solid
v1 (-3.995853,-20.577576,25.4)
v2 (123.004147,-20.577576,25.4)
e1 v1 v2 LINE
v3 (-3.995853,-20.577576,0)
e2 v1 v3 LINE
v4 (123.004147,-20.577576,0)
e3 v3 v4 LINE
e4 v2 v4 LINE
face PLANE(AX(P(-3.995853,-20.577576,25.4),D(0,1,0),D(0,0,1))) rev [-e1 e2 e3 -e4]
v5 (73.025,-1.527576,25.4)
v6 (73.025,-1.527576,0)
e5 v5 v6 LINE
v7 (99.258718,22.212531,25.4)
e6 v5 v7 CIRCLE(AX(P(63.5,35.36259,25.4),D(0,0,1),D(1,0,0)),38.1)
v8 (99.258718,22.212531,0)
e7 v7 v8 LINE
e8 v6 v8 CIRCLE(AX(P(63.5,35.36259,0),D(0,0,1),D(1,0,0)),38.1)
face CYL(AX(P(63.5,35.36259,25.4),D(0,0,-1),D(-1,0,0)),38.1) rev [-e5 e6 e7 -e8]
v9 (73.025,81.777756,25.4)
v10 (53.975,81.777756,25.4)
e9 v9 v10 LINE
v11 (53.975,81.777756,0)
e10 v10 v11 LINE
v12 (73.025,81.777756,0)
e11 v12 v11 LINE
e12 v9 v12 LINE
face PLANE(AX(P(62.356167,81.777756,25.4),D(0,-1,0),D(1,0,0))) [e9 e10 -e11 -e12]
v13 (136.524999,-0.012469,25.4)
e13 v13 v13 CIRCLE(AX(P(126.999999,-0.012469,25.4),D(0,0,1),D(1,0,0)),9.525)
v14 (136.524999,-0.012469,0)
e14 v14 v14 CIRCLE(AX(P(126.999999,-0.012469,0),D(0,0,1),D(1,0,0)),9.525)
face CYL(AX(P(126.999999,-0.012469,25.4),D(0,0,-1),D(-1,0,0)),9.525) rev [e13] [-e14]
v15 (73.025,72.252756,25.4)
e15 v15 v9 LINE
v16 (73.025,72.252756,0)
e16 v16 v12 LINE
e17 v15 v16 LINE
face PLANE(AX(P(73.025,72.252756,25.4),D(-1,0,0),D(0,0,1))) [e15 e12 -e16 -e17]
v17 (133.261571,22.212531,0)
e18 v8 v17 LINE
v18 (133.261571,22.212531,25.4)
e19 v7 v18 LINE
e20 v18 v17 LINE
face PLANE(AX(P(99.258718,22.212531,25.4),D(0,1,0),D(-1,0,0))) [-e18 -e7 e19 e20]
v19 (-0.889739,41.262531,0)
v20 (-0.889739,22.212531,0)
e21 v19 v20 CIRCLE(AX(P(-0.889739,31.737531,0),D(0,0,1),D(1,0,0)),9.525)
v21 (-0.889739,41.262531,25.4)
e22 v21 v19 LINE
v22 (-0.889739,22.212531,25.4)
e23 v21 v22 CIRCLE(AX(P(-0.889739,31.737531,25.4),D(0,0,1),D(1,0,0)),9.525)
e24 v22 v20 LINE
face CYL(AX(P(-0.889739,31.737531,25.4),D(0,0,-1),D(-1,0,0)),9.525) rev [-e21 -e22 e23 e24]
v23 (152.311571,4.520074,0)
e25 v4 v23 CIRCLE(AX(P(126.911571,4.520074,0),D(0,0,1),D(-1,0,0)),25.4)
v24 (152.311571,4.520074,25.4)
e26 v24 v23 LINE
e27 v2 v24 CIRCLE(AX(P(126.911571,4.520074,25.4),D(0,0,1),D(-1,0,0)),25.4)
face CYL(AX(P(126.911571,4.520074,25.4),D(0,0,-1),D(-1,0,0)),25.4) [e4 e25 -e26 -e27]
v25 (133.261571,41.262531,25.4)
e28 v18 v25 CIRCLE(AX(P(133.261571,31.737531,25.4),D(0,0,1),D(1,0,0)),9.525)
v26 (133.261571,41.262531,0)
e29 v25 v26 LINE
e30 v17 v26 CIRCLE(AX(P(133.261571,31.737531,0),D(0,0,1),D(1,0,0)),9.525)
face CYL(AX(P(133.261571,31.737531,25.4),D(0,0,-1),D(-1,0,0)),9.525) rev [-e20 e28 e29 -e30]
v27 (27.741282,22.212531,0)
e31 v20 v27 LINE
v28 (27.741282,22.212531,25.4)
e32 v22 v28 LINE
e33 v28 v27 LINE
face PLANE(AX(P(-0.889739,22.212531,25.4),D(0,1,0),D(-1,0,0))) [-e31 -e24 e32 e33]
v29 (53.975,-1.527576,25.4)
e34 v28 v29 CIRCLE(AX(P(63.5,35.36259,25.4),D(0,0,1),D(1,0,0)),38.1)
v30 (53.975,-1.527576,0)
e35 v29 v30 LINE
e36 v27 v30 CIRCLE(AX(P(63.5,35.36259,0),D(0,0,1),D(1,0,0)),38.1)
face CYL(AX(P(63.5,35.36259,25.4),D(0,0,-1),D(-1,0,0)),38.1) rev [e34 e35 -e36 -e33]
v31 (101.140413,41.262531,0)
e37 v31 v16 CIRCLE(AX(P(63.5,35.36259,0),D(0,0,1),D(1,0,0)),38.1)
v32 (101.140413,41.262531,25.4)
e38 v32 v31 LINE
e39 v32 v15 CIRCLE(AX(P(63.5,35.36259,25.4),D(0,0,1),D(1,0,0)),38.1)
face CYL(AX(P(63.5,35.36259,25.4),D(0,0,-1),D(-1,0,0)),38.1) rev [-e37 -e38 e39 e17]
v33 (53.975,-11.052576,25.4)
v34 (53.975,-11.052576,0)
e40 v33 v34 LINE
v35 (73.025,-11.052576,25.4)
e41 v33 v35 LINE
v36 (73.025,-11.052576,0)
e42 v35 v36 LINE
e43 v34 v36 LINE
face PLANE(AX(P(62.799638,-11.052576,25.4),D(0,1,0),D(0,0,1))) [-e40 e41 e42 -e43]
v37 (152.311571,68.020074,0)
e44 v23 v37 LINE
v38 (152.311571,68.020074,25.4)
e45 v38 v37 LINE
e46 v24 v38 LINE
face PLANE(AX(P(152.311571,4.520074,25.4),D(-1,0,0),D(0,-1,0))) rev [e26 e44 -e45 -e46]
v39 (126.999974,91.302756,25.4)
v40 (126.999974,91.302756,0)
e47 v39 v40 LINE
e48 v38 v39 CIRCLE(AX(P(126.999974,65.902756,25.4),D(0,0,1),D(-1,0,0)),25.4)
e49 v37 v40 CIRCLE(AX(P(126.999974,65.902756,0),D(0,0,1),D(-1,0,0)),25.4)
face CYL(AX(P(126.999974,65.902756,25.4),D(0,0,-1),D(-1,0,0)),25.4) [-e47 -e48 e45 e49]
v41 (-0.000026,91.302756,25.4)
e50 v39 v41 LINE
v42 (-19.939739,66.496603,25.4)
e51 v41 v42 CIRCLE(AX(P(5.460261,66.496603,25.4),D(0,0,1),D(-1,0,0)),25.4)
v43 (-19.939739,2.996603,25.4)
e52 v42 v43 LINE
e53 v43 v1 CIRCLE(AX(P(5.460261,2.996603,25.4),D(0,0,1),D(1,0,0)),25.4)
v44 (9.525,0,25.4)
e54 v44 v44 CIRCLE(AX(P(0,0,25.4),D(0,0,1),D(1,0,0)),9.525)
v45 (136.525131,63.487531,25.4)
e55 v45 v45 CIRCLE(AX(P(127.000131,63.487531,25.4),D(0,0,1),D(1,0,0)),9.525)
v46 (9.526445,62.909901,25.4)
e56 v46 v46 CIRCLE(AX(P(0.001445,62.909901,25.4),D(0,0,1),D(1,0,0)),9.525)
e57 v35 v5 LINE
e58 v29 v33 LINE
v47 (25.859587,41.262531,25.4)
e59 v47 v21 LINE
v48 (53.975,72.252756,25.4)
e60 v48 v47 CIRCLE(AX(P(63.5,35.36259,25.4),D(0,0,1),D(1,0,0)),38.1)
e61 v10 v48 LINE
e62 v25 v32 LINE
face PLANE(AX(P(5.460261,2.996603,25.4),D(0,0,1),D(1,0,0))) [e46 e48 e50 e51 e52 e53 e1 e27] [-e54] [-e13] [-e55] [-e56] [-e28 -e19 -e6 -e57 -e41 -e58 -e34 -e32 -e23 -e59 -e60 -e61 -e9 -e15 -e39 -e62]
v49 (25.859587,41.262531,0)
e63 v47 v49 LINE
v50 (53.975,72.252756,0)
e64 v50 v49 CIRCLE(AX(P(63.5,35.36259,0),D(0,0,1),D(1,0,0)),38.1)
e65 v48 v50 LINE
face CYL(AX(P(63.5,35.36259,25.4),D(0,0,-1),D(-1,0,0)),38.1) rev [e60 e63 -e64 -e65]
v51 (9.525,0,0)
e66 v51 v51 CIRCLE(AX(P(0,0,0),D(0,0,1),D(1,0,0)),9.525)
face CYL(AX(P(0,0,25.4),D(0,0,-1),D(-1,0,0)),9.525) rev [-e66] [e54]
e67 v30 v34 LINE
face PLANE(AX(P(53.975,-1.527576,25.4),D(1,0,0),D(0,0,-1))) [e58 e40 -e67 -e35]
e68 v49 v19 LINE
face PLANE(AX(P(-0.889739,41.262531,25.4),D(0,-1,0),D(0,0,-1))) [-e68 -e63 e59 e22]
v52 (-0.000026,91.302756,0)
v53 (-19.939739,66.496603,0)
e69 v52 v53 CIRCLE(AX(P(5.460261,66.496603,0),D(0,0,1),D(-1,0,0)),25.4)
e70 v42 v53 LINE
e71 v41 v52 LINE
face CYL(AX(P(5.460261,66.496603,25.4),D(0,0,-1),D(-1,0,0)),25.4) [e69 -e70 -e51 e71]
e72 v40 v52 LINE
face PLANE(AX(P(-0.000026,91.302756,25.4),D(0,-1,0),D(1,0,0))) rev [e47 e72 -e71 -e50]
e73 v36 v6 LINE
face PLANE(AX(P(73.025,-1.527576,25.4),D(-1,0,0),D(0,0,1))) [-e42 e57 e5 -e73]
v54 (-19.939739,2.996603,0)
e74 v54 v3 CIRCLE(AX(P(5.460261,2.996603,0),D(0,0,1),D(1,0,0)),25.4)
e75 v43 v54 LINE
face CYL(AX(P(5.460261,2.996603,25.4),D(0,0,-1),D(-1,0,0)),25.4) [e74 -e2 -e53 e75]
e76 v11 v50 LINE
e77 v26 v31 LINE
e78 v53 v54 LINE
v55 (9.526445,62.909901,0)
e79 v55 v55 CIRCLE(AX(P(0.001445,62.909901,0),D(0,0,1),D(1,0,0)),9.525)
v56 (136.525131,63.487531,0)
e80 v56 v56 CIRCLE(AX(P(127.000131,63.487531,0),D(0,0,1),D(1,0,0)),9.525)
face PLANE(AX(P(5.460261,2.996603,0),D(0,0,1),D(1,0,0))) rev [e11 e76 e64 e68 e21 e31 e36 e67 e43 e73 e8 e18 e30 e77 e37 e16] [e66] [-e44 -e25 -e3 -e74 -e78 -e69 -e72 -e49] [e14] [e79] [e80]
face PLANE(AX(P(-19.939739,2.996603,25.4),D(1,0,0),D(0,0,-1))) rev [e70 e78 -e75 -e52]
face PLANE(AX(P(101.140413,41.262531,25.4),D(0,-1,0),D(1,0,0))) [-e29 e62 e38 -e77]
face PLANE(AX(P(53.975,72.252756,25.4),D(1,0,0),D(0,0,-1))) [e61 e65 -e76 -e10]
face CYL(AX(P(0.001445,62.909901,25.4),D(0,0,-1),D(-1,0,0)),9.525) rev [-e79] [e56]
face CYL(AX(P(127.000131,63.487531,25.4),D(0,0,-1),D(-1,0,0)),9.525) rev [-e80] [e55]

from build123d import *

# Parameters (mm, degrees)
SKETCH1_R           = 9.525
BOSS_EXTRUDE1_DEPTH = 25.4


with BuildPart() as part:
    # Sketch1 → Boss-Extrude1 (new body)
    with BuildSketch(Plane.XY):
        with BuildLine():
            Line((-3.995852665, -20.577576414), (123.004147335, -20.577576414))
            ThreePointArc((123.004147335, -20.577576414), (143.432942762, -14.772522971), (152.311571269, 4.520073639))
            Line((152.311571269, 4.520073639), (152.311571269, 68.020073639))
            ThreePointArc((152.311571269, 68.020073639), (144.195614803, 84.596871175), (126.99997378, 91.302756331))
            Line((126.99997378, 91.302756331), (-2.622e-05, 91.302756331))
            ThreePointArc((-2.622e-05, 91.302756331), (-14.336851136, 82.409941414), (-19.939739045, 66.496602579))
            Line((-19.939739045, 66.496602579), (-19.939739045, 2.996602579))
            ThreePointArc((-19.939739045, 2.996602579), (-15.579526187, -11.233202656), (-3.995852665, -20.577576414))
        make_face()
        Circle(SKETCH1_R, mode=Mode.SUBTRACT)
        with Locations((0.00144481, 62.909901332)):
            Circle(SKETCH1_R, mode=Mode.SUBTRACT)
        with Locations((127.000131197, 63.487530849)):
            Circle(SKETCH1_R, mode=Mode.SUBTRACT)
        with Locations((126.999999388, -0.01246915)):
            Circle(SKETCH1_R, mode=Mode.SUBTRACT)
        with BuildLine():
            Line((-0.889739045, 41.26253085), (25.859586911, 41.26253085))
            ThreePointArc((25.859586911, 41.26253085), (35.282229592, 60.962735138), (53.975, 72.252756331))
            Line((53.975, 72.252756331), (53.975, 81.777756331))
            Line((53.975, 81.777756331), (62.356166676, 81.777756331))
            Line((62.356166676, 81.777756331), (73.025, 81.777756331))
            Line((73.025, 81.777756331), (73.025, 72.252756331))
            ThreePointArc((73.025, 72.252756331), (91.717770408, 60.962735138), (101.140413089, 41.26253085))
            Line((101.140413089, 41.26253085), (133.261571269, 41.26253085))
            ThreePointArc((133.261571269, 41.26253085), (142.786571269, 31.73753085), (133.261571269, 22.21253085))
            Line((133.261571269, 22.21253085), (99.258718454, 22.21253085))
            ThreePointArc((99.258718454, 22.21253085), (89.064662377, 7.11266894), (73.025, -1.527576414))
            Line((73.025, -1.527576414), (73.025, -11.052576414))
            Line((73.025, -11.052576414), (62.799638263, -11.052576414))
            Line((62.799638263, -11.052576414), (53.975, -11.052576414))
            Line((53.975, -11.052576414), (53.975, -1.527576414))
            ThreePointArc((53.975, -1.527576414), (37.935337623, 7.11266894), (27.741281546, 22.21253085))
            Line((27.741281546, 22.21253085), (-0.889739045, 22.21253085))
            ThreePointArc((-0.889739045, 22.21253085), (-10.414739045, 31.73753085), (-0.889739045, 41.26253085))
        make_face(mode=Mode.SUBTRACT)
    extrude(amount=BOSS_EXTRUDE1_DEPTH)


solid = part.part
